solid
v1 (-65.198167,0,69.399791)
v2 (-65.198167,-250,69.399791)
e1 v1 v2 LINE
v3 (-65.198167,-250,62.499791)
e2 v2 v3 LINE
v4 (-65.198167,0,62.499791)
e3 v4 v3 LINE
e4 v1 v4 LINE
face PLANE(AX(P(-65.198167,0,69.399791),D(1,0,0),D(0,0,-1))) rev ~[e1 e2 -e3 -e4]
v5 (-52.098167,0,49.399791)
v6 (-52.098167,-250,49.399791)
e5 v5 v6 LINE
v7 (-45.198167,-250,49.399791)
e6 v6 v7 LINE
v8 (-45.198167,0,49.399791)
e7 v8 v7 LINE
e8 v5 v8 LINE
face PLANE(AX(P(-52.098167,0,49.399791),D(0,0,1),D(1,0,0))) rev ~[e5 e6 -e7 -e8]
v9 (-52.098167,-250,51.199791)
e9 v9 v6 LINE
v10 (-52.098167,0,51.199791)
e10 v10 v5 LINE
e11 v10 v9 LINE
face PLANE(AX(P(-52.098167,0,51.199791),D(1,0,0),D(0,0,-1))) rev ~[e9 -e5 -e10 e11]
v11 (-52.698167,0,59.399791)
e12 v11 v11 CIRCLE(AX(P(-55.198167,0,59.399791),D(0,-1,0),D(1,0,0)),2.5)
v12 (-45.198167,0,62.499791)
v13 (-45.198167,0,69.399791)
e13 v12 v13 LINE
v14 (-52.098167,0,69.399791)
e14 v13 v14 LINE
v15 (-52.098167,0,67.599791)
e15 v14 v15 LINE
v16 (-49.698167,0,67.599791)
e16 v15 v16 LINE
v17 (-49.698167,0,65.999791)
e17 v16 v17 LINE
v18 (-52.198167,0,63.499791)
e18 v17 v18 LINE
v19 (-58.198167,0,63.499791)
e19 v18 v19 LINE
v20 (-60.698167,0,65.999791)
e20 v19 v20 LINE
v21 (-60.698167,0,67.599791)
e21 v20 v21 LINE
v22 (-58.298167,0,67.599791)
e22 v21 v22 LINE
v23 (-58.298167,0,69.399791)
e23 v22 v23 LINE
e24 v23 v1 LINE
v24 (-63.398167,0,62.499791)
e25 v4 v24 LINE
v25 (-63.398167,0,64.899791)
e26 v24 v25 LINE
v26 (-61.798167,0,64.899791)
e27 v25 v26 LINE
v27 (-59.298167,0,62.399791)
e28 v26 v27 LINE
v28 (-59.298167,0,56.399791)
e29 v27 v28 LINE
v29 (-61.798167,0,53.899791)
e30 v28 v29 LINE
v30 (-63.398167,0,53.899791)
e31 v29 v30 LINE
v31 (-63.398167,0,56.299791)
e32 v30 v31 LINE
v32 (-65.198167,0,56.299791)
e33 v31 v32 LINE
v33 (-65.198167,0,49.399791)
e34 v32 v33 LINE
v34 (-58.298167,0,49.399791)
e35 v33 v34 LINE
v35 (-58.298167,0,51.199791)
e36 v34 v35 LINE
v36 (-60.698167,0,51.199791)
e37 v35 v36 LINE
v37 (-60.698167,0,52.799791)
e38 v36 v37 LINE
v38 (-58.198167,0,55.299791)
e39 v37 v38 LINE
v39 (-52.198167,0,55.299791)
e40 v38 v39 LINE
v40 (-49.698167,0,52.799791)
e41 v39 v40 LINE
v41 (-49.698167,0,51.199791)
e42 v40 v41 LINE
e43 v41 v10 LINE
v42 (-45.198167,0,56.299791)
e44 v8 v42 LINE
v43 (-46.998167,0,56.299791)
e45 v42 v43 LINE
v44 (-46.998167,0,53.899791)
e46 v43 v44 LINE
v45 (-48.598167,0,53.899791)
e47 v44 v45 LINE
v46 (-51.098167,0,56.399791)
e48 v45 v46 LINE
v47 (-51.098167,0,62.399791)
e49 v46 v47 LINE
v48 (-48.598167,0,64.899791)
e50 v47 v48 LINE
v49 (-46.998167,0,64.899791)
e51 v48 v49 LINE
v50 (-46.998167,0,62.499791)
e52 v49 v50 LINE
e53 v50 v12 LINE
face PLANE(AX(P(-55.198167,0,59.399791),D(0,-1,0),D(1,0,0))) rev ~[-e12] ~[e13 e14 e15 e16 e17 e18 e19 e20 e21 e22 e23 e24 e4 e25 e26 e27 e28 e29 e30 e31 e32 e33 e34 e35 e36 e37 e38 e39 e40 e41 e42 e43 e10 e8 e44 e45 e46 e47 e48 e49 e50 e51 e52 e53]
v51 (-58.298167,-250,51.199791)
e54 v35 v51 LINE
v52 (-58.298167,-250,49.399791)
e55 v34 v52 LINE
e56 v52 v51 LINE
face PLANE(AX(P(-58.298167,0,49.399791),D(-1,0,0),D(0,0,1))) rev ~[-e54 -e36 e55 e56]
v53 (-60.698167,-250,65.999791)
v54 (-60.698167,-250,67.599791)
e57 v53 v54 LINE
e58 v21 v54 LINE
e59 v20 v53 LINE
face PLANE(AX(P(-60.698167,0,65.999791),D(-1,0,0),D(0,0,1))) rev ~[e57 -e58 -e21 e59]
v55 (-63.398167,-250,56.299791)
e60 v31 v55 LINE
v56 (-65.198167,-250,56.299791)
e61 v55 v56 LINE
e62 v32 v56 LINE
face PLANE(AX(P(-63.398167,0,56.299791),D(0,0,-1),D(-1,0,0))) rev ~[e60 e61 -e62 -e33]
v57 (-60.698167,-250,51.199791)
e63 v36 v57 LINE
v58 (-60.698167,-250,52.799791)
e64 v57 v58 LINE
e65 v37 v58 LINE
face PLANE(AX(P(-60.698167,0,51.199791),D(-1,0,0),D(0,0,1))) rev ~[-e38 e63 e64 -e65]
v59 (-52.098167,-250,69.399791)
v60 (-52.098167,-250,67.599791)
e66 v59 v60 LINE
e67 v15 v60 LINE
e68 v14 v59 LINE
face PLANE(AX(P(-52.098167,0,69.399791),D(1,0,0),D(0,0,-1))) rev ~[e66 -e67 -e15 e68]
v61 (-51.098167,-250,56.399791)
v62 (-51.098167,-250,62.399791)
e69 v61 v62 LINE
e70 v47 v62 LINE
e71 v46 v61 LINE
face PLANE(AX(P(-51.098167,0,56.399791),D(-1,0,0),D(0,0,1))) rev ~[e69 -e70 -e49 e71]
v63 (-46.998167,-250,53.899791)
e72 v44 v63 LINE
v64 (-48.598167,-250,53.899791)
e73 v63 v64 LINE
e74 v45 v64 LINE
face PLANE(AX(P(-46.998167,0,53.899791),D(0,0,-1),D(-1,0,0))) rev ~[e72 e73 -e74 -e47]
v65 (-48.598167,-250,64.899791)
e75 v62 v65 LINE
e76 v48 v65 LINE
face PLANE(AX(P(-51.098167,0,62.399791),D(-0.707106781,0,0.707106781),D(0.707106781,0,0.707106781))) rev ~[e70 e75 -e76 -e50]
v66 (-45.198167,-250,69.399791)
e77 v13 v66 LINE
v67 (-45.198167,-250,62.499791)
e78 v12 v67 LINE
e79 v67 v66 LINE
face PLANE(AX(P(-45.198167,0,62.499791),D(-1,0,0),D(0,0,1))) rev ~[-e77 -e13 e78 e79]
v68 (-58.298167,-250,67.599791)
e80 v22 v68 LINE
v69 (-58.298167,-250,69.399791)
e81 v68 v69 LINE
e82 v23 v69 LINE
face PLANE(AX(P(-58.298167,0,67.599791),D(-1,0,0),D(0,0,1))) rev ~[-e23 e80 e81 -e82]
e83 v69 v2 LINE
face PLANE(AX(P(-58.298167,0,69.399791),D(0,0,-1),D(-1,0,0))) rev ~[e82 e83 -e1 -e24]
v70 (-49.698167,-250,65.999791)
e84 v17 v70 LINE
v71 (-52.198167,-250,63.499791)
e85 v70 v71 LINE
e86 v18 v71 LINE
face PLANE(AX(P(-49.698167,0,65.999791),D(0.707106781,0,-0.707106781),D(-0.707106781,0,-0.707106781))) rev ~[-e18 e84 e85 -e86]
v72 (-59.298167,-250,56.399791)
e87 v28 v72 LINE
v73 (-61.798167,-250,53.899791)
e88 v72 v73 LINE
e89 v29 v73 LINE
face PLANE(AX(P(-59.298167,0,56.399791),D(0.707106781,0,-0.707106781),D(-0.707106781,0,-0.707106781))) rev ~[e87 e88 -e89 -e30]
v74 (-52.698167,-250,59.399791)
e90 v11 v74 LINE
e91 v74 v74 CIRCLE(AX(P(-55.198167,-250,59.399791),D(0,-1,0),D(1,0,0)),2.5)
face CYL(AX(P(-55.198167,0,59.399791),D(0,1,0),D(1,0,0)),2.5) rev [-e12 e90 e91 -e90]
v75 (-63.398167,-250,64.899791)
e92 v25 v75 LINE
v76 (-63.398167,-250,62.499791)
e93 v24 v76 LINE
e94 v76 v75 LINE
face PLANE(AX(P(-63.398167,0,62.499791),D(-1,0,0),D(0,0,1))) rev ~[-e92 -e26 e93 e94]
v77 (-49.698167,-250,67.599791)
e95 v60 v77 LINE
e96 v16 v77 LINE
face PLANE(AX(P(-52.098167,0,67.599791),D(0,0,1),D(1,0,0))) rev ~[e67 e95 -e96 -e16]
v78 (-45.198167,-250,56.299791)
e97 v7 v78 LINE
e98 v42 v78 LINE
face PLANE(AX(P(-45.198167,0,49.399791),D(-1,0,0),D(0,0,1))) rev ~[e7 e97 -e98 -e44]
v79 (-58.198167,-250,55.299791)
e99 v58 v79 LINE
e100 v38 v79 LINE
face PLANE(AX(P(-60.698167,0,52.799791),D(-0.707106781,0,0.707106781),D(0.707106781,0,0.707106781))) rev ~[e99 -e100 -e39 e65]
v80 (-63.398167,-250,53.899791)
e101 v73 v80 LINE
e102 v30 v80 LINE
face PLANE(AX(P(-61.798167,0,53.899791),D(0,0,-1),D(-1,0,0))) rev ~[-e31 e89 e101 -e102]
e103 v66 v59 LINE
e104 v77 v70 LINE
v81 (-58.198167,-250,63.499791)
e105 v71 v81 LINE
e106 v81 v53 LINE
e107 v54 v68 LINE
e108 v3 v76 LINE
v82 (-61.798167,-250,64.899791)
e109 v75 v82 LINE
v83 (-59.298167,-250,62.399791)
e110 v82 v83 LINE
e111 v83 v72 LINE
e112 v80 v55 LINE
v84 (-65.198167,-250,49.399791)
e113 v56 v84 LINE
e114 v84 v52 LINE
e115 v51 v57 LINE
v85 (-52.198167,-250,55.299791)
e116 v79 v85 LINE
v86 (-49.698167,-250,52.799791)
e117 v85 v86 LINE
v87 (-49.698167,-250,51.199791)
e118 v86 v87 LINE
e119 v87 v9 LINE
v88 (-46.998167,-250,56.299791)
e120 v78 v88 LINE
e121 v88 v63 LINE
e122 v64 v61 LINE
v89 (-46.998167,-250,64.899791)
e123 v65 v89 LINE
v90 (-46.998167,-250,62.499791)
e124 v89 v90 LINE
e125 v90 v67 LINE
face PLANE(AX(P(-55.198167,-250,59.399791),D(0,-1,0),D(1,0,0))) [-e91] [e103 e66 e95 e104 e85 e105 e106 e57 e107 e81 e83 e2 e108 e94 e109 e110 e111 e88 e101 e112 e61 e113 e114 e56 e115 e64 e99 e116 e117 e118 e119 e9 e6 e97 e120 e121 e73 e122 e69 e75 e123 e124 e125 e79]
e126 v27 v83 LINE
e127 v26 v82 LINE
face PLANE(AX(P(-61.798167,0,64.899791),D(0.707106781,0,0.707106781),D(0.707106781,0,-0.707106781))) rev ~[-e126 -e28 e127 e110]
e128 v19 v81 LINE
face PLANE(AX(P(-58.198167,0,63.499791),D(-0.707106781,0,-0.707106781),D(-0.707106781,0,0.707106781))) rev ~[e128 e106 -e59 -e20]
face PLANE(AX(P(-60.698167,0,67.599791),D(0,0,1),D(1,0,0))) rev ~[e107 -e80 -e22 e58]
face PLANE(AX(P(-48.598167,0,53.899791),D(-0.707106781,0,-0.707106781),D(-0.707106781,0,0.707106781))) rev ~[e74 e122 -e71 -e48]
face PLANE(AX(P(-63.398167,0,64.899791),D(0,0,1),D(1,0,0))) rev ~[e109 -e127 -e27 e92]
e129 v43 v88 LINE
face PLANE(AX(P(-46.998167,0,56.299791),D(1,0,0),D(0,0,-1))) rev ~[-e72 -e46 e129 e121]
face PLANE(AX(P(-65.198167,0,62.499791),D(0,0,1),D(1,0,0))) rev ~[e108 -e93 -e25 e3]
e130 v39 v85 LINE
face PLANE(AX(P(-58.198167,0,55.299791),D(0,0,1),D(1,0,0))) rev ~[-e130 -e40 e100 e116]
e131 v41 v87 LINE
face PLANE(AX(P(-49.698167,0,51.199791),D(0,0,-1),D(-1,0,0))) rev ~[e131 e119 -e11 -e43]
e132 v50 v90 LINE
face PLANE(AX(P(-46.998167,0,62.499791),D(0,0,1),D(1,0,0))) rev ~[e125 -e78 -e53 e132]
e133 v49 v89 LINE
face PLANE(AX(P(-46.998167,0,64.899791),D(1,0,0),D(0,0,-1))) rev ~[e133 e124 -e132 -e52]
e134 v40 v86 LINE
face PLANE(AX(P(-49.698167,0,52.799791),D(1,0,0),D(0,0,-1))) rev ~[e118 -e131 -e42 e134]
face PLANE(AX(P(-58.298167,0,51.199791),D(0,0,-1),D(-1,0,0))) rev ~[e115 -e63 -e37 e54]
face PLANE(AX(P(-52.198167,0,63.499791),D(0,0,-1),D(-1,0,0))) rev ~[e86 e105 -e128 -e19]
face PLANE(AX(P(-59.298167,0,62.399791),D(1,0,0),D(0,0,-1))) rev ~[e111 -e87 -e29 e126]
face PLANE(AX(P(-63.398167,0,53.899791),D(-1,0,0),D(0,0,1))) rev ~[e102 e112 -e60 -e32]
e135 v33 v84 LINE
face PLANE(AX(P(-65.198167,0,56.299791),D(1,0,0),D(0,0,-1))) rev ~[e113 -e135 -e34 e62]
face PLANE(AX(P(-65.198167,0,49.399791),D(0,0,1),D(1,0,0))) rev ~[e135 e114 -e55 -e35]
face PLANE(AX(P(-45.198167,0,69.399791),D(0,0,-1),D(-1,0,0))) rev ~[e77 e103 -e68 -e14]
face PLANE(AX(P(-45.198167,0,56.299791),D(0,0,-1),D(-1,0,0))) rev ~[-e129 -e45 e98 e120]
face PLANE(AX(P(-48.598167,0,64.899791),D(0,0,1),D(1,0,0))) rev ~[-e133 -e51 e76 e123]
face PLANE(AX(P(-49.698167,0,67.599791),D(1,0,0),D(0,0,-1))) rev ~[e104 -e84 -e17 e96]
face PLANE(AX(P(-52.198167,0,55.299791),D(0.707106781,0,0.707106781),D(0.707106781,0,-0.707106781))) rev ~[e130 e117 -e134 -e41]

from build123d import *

# Parameters (mm, degrees)
F0_R     = 2.5
F1_DEPTH = 250


with BuildPart() as f1:
    # F0 (on Front) → F1 (new body)
    with BuildSketch(Plane.XZ):
        Polygon((-58.298167, 69.399791), (-65.198167, 69.399791), (-65.198167, 62.499791), (-63.398167, 62.499791), (-63.398167, 64.899791), (-61.798167, 64.899791), (-59.298167, 62.399791), (-59.298167, 56.399791), (-61.798167, 53.899791), (-63.398167, 53.899791), (-63.398167, 56.299791), (-65.198167, 56.299791), (-65.198167, 49.399791), (-58.298167, 49.399791), (-58.298167, 51.199791), (-60.698167, 51.199791), (-60.698167, 52.799791), (-58.198167, 55.299791), (-55.198167, 55.299791), (-52.198167, 55.299791), (-49.698167, 52.799791), (-49.698167, 51.199791), (-52.098167, 51.199791), (-52.098167, 49.399791), (-45.198167, 49.399791), (-45.198167, 56.299791), (-46.998167, 56.299791), (-46.998167, 53.899791), (-48.598167, 53.899791), (-51.098167, 56.399791), (-51.098167, 62.399791), (-48.598167, 64.899791), (-46.998167, 64.899791), (-46.998167, 62.499791), (-45.198167, 62.499791), (-45.198167, 69.399791), (-52.098167, 69.399791), (-52.098167, 67.599791), (-49.698167, 67.599791), (-49.698167, 65.999791), (-52.198167, 63.499791), (-55.198167, 63.499791), (-58.198167, 63.499791), (-60.698167, 65.999791), (-60.698167, 67.599791), (-58.298167, 67.599791), align=None)
        with Locations((-55.198167, 59.399791)):
            Circle(F0_R, mode=Mode.SUBTRACT)
    extrude(amount=F1_DEPTH)


solid = f1.part
